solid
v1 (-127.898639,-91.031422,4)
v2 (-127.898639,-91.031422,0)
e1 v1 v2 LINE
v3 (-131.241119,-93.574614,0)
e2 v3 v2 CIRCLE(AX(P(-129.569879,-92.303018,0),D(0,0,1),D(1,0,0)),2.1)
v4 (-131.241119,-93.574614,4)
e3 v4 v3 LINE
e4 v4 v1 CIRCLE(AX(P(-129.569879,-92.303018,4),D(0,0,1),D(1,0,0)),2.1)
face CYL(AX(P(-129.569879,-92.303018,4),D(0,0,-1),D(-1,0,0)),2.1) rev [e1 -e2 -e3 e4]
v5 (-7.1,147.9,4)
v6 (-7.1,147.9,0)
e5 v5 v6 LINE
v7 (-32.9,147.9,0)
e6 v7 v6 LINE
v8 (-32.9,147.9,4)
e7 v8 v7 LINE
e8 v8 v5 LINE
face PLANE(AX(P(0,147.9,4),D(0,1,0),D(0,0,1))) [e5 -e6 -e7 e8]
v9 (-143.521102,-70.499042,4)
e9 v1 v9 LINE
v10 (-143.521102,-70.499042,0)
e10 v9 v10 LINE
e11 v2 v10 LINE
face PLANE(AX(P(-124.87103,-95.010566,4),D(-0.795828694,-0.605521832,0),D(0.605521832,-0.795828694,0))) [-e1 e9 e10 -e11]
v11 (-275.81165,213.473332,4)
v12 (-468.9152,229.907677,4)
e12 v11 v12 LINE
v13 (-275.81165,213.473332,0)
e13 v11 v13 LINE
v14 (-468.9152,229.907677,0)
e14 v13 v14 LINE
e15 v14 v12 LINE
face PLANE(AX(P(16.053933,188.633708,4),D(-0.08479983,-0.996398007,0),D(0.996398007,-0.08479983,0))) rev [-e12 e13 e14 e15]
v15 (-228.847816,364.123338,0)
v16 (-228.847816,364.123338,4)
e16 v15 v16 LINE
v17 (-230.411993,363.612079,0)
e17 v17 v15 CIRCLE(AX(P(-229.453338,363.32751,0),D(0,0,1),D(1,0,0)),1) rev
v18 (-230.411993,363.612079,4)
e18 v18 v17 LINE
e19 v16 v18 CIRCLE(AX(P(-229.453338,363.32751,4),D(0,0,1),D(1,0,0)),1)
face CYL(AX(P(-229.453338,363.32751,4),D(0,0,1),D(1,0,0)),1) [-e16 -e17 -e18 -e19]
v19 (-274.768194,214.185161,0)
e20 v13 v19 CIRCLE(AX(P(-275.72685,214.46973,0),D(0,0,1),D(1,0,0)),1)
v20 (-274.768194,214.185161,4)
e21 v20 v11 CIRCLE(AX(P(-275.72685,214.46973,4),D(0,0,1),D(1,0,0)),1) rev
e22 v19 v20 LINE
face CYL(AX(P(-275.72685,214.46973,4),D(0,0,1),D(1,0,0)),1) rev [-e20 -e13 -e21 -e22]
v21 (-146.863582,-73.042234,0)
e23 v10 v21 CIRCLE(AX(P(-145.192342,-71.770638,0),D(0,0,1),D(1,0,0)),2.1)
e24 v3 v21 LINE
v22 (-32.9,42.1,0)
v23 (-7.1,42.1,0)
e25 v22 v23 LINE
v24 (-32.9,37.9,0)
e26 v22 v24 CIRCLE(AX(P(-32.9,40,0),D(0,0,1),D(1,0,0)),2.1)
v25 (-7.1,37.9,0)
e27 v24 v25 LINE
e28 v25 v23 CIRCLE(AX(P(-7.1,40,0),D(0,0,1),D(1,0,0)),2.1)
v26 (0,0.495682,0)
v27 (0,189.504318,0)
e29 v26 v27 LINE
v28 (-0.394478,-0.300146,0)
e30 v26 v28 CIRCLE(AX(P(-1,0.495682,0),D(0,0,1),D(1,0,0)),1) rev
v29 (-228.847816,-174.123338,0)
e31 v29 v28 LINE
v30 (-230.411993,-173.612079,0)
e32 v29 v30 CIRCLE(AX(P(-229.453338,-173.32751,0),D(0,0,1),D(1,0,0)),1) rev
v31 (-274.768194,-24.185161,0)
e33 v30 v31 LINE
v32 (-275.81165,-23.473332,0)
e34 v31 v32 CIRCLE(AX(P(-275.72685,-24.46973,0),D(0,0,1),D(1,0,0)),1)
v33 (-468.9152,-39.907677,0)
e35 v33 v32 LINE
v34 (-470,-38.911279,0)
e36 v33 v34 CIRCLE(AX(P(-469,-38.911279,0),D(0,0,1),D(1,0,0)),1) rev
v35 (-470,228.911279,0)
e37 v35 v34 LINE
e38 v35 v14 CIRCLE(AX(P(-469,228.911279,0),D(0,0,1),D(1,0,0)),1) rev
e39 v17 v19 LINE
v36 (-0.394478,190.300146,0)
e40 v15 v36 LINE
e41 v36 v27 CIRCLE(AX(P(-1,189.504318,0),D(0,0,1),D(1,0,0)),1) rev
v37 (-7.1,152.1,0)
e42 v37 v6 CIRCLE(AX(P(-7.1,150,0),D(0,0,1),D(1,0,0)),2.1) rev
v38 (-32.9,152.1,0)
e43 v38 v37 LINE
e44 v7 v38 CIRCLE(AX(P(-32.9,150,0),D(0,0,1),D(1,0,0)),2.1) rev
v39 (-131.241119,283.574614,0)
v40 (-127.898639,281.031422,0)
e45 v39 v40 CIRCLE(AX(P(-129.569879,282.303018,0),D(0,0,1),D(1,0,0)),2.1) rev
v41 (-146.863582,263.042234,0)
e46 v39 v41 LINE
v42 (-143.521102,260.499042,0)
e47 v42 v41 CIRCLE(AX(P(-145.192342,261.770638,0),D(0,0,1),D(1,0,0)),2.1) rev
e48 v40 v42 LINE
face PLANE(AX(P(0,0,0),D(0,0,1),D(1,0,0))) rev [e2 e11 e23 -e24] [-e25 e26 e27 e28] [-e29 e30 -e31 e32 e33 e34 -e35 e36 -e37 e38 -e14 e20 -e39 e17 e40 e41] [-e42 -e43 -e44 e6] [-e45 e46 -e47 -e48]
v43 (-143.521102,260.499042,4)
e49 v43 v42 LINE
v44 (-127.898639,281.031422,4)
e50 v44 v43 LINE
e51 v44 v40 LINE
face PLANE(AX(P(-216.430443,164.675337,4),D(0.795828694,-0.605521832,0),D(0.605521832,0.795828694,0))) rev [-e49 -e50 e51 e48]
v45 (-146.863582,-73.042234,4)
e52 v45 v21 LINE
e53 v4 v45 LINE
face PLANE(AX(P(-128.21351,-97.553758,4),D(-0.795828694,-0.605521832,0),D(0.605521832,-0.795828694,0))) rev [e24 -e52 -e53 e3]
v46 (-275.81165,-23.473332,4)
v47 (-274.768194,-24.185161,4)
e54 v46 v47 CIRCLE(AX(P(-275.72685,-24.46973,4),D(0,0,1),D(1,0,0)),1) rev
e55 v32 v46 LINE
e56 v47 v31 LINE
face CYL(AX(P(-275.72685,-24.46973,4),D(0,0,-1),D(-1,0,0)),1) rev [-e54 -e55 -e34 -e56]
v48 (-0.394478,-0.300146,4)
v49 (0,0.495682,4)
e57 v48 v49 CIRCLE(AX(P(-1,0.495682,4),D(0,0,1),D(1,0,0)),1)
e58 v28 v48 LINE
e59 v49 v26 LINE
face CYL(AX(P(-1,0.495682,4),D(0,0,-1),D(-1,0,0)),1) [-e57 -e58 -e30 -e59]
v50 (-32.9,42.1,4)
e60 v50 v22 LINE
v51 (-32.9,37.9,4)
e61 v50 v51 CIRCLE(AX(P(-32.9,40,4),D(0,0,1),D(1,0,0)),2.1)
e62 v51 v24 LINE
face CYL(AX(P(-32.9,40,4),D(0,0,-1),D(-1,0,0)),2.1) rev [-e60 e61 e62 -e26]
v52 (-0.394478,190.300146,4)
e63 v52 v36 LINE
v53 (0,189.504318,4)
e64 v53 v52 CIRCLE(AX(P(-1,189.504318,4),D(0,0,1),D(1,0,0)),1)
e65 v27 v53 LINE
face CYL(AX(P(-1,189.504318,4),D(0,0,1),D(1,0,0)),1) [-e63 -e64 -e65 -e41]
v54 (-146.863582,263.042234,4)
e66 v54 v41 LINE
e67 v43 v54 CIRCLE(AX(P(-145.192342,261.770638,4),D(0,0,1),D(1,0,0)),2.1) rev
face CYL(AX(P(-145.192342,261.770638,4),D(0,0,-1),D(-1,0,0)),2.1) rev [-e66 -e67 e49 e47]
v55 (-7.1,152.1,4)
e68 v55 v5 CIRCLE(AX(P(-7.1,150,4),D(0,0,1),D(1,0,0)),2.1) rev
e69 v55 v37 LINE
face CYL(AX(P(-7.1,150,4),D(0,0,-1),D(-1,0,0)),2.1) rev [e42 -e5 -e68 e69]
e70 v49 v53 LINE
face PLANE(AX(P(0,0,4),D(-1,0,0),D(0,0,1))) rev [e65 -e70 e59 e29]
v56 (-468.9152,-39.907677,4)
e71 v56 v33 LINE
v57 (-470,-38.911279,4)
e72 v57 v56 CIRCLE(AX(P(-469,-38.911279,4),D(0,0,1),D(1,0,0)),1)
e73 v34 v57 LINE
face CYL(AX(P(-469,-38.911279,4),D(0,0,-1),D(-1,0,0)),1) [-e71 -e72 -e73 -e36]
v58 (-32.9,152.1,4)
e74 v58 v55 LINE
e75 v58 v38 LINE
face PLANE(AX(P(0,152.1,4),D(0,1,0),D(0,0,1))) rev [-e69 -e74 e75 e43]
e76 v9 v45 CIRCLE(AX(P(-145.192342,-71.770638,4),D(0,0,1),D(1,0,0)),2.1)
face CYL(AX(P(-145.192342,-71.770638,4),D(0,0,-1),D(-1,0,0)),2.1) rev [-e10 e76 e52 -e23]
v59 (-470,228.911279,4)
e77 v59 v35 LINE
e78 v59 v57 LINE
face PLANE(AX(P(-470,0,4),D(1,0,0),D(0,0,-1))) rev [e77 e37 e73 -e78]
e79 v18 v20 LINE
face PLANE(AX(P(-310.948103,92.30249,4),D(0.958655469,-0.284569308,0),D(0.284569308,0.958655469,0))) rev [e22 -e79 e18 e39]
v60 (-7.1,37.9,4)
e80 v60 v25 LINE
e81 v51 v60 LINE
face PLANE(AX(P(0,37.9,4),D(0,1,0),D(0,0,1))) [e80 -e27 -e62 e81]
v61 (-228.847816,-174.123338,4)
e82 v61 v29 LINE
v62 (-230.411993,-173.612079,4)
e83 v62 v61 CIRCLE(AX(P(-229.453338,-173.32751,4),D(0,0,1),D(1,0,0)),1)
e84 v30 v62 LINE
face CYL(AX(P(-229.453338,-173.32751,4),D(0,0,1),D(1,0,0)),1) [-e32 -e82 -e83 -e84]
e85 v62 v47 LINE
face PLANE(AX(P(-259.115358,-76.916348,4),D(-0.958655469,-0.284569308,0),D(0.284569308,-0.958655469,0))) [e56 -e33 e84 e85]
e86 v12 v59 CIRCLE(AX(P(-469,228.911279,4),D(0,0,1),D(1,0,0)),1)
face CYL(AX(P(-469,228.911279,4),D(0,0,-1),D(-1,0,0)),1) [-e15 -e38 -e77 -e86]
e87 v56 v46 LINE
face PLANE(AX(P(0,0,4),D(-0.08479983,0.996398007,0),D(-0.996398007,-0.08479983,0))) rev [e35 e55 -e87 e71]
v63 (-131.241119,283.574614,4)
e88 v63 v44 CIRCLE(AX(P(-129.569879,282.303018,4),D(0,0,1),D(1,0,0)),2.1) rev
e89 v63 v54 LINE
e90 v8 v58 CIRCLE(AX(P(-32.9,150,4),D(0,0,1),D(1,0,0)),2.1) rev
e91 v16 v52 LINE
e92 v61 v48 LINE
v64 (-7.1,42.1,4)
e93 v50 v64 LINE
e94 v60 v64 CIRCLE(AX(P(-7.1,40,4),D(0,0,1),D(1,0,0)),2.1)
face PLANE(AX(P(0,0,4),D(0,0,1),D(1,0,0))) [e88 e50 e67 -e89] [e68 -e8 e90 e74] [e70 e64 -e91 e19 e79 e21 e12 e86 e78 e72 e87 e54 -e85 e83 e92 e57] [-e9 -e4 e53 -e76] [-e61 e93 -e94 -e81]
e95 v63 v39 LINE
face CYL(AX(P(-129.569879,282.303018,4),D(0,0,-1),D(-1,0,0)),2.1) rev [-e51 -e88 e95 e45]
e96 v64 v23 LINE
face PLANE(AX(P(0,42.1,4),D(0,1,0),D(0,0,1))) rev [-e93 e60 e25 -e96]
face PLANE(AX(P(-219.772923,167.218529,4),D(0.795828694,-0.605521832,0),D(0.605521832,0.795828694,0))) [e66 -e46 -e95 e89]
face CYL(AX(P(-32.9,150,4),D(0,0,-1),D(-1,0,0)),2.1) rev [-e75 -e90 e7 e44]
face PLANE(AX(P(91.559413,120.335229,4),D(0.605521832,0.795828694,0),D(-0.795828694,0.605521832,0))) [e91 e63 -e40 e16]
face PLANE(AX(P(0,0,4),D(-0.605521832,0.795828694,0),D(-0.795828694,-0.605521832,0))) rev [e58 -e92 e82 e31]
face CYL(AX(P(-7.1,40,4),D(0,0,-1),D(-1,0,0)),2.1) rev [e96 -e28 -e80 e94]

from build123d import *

# Parameters (mm, degrees)
BOSS_EXTRUDE1_DEPTH = 4
FILLET1_R           = 1


with BuildPart() as part:
    # Sketch1 → Boss-Extrude1 (new body)
    # profile 1 of 3: a face of its own
    with BuildSketch(Plane(origin=(0, 0, 0), x_dir=(0, 1, 0), z_dir=(0, 0, 1))):
        Polygon((-23.404255319, 275), (0, 0), (190, 0), (213.404255319, 275), (230, 470), (-40, 470), align=None)
        with BuildLine():
            ThreePointArc((37.9, 32.9), (40, 35), (42.1, 32.9))
            Line((42.1, 32.9), (42.1, 7.1))
            ThreePointArc((42.1, 7.1), (40, 5), (37.9, 7.1))
            Line((37.9, 7.1), (37.9, 32.9))
        make_face(mode=Mode.SUBTRACT)
        with BuildLine():
            Line((147.9, 7.1), (147.9, 32.9))
            ThreePointArc((147.9, 32.9), (150, 35), (152.1, 32.9))
            Line((152.1, 32.9), (152.1, 7.1))
            ThreePointArc((152.1, 7.1), (150, 5), (147.9, 7.1))
        make_face(mode=Mode.SUBTRACT)
    # profile 2 of 3: a face of its own
    with BuildSketch(Plane(origin=(0, 0, 0), x_dir=(0, 1, 0), z_dir=(0, 0, 1))):
        Polygon((-175, 230), (0, 0), (-23.404255319, 275), align=None)
        with BuildLine():
            ThreePointArc((-91.031422458, 127.898638669), (-93.974258564, 128.298283078), (-93.574614155, 131.241119184))
            Line((-93.574614155, 131.241119184), (-73.042233846, 146.863582462))
            ThreePointArc((-73.042233846, 146.863582462), (-70.099397741, 146.463938053), (-70.49904215, 143.521101947))
            Line((-70.49904215, 143.521101947), (-91.031422458, 127.898638669))
        make_face(mode=Mode.SUBTRACT)
    # profile 3 of 3: a face of its own
    with BuildSketch(Plane(origin=(0, 0, 0), x_dir=(0, 1, 0), z_dir=(0, 0, 1))):
        Polygon((213.404255319, 275), (190, 0), (365, 230), align=None)
        with BuildLine():
            Line((263.042233846, 146.863582462), (283.574614155, 131.241119184))
            ThreePointArc((283.574614155, 131.241119184), (283.974258564, 128.298283078), (281.031422458, 127.898638669))
            Line((281.031422458, 127.898638669), (260.49904215, 143.521101947))
            ThreePointArc((260.49904215, 143.521101947), (260.099397741, 146.463938053), (263.042233846, 146.863582462))
        make_face(mode=Mode.SUBTRACT)
    extrude(amount=BOSS_EXTRUDE1_DEPTH)

    # Fillet1
    fillet1_edges = [part.edges().sort_by_distance(p)[0] for p in [
        (-275, -23.404255319, 2),
        (-470, -40, 2),
        (-470, 230, 2),
        (-275, 213.404255319, 2),
        (-230, 365, 2),
        (0, 190, 2),
        (0, 0, 2),
        (-230, -175, 2),
    ]]
    fillet(fillet1_edges, radius=FILLET1_R)


solid = part.part
